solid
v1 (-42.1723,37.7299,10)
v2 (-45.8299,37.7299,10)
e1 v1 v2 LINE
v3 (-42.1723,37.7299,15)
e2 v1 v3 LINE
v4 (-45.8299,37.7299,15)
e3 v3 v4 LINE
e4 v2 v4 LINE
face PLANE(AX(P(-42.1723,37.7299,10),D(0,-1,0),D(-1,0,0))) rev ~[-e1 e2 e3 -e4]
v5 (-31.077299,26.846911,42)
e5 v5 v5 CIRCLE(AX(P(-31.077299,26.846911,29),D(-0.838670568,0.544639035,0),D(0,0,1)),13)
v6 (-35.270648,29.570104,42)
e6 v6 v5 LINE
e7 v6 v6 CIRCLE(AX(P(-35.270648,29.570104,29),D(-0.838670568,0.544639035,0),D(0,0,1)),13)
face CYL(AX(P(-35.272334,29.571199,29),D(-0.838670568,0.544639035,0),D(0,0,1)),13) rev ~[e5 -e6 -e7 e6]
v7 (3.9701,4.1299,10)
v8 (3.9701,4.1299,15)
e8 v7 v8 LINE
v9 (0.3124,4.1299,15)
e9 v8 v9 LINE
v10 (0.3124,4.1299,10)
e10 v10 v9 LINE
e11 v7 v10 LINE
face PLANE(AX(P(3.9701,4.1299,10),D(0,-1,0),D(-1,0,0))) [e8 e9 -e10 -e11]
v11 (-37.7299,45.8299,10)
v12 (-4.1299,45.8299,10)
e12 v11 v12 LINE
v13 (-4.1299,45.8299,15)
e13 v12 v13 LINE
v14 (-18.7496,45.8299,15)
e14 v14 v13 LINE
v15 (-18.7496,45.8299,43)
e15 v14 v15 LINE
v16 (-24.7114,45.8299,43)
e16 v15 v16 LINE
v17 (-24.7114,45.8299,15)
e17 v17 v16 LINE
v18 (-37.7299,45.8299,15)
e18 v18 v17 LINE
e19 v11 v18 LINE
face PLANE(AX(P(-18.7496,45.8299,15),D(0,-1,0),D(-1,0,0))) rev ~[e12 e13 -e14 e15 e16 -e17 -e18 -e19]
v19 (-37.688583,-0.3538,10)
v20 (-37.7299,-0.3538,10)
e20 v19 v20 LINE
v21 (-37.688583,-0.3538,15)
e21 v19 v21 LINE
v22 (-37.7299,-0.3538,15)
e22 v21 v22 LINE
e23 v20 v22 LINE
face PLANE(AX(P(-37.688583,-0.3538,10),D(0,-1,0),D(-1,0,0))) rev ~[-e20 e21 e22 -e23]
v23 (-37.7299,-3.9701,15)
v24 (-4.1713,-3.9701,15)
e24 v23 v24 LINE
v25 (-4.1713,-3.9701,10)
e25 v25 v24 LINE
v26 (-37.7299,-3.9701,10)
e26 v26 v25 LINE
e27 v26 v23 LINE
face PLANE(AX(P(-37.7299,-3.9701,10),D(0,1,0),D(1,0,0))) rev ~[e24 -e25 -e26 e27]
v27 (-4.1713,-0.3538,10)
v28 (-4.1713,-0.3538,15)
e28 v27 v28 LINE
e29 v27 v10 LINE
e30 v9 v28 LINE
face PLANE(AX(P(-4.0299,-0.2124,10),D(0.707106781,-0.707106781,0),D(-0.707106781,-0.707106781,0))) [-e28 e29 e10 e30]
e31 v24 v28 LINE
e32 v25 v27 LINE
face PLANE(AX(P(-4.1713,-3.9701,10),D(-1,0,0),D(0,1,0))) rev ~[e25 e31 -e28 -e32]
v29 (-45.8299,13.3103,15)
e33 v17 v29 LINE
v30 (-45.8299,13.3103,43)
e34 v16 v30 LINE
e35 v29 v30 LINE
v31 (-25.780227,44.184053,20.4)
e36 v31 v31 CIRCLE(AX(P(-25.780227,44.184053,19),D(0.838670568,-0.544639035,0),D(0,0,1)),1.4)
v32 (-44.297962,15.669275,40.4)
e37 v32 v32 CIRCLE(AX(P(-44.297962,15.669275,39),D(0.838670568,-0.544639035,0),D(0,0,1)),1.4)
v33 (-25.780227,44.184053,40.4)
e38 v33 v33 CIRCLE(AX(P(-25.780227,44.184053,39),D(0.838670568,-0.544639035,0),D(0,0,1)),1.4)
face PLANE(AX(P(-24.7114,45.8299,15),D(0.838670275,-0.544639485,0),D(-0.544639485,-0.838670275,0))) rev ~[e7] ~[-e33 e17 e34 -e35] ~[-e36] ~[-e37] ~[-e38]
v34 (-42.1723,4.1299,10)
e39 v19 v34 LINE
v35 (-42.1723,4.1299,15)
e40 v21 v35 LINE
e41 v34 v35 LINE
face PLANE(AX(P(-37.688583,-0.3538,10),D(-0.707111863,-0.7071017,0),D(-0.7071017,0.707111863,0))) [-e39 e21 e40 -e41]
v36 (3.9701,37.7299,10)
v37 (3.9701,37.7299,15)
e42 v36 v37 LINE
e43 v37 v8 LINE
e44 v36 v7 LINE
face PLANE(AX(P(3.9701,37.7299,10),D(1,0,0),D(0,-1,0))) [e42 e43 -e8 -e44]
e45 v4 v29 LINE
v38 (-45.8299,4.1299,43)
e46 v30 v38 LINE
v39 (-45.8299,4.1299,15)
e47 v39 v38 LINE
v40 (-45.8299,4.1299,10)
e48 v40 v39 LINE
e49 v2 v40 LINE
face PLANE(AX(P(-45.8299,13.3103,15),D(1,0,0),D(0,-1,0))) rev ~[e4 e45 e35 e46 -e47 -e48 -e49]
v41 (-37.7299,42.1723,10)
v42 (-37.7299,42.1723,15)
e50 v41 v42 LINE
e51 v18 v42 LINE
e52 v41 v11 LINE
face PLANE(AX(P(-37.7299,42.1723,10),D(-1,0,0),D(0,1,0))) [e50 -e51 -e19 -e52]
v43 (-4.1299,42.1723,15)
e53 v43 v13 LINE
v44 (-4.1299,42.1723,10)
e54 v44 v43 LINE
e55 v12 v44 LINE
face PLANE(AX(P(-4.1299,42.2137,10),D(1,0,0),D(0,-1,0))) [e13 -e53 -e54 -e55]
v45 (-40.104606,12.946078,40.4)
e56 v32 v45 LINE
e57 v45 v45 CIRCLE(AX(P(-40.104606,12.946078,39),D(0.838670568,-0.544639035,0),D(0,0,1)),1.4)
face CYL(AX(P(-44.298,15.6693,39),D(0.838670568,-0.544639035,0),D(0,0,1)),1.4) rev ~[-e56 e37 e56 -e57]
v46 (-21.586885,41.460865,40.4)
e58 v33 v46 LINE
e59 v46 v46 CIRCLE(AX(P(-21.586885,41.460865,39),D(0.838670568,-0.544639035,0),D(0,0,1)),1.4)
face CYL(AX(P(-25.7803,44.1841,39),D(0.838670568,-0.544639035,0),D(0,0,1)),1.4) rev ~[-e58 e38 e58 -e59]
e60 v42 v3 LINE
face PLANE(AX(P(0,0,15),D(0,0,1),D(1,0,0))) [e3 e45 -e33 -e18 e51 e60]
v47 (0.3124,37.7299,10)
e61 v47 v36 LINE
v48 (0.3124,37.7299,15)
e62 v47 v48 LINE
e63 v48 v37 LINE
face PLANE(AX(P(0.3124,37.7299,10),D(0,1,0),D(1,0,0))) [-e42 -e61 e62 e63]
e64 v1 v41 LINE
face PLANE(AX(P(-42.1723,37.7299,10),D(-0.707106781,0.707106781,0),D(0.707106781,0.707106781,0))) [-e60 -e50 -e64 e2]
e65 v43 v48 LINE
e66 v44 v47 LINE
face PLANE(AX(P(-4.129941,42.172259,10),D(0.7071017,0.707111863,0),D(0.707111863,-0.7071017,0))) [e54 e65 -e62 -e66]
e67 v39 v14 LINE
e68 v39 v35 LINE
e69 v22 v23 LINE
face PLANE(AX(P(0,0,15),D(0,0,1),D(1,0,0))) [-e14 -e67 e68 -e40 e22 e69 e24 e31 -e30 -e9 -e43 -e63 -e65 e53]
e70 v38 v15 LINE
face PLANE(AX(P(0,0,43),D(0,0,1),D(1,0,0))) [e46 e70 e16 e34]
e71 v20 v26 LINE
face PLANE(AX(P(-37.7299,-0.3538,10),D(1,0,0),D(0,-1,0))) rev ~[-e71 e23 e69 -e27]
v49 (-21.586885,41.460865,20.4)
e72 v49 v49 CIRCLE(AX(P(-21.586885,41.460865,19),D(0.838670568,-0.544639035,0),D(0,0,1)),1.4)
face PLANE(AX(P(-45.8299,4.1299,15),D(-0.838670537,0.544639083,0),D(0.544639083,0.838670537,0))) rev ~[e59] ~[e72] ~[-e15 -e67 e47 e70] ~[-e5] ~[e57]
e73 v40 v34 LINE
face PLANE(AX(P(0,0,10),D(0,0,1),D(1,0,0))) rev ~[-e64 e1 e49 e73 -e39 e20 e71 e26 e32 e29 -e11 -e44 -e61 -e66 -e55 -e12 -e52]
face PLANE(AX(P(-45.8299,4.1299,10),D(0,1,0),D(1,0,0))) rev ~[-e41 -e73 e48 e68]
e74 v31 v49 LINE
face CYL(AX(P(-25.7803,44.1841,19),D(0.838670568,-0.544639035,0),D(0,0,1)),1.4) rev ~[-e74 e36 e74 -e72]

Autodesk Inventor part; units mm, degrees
ref_plane "Work Plane1" through (0, 0, 10) normal (0, 0, 1) x (1, 0, 0)
sketch "Sketch1" plane through (0, 0, 10) normal (0, 0, 1) x (1, 0, 0)
  line L0 (-4.0299, -0.3538) -> (-2.2322, 1.4439) construction
  arc A0 (-1.4439, 2.2322) -> (-2.2322, 1.4439) centre (-0.9299, 0.9299) ccw construction
  line L1 (-1.4439, 2.2322) -> (0.3538, 4.0299) construction
  line L2 (-37.8299, 42.8299) -> (-37.8299, 37.8299) construction
  line L3 (-37.8299, 37.8299) -> (-42.9208, 37.8299) construction
  line L4 (-37.8299, 42.2137) -> (-37.8299, 45.8299) construction
  line L5 (-37.8299, 45.8299) -> (-4.0299, 45.8299) construction
  line L6 (-4.0299, 45.8299) -> (-4.0299, 42.2137) construction
  line L7 (-4.0299, 4.0299) -> (0.3538, 4.0299) projected
  circle A1 centre (-20.9299, 20.9299) radius 17.5 projected
  line L8 (-20.9299, 58.9723) -> (17.1124, 20.9299) construction
  line L9 (17.1124, 20.9299) -> (-20.9299, -17.1124) construction
  line L10 (-20.9299, -17.1124) -> (-58.9723, 20.9299) construction
  line L11 (-58.9723, 20.9299) -> (-20.9299, 58.9723) construction
  line L12 (-20.9299, 58.9723) -> (-20.9299, -17.1124) construction
  line L13 (17.1124, 20.9299) -> (-58.9723, 20.9299) construction
  line L14 (-20.9299, 58.9723) -> (32.8701, 58.9723) construction
  line L15 (-43.4299, 43.4299) -> (1.5701, 43.4299) construction
  line L16 (1.5701, 43.4299) -> (1.5701, -1.5701) construction
  line L17 (1.5701, -1.5701) -> (-43.4299, -1.5701) construction
  line L18 (-43.4299, -1.5701) -> (-43.4299, 43.4299) construction
  line L19 (-43.4299, 43.4299) -> (1.5701, -1.5701) construction
  line L20 (1.5701, 43.4299) -> (-43.4299, -1.5701) construction
  line L21 (-43.4299, 5.3876) -> (-43.4299, 36.4723)
  line L22 (-43.4299, 36.4723) -> (-36.4723, 43.4299)
  line L23 (-36.4723, 43.4299) -> (-5.3876, 43.4299)
  line L24 (-5.3876, 43.4299) -> (1.5701, 36.4723)
  line L25 (1.5701, 36.4723) -> (1.5701, 5.3876)
  line L26 (1.5701, 5.3876) -> (-5.3876, -1.5701)
  line L27 (-5.3876, -1.5701) -> (-36.4723, -1.5701)
  line L28 (-36.4723, -1.5701) -> (-43.4299, 5.3876)
  line L29 (-4.0299, 42.2137) -> (-37.8299, 42.2137) projected
  line L30 (-4.0299, -0.3538) -> (-4.0299, 4.0299) projected
  circle A2 centre (-20.9299, 20.9299) radius 1.4
  line L31 (-10.9299, 10.9299) -> (-30.9299, 10.9299) construction
  line L32 (-30.9299, 10.9299) -> (-30.9299, 30.9299) construction
  line L33 (-30.9299, 30.9299) -> (-10.9299, 30.9299) construction
  line L34 (-10.9299, 30.9299) -> (-10.9299, 10.9299) construction
  line L35 (-10.9299, 10.9299) -> (-30.9299, 30.9299) construction
  line L36 (-30.9299, 10.9299) -> (-10.9299, 30.9299) construction
  circle A3 centre (-30.9299, 30.9299) radius 1.4
  circle A4 centre (-30.9299, 10.9299) radius 1.4
  circle A5 centre (-10.9299, 10.9299) radius 1.4
  line L37 (-45.8299, 37.8299) -> (-42.0723, 37.8299) construction
  line L38 (-42.1723, 37.7299) -> (-45.8299, 37.7299)
  line L39 (-45.8299, 37.7299) -> (-45.8299, 4.1299)
  line L40 (-45.8299, 4.1299) -> (-42.1723, 4.1299)
  line L41 (-42.1723, 4.1299) -> (-42.1723, 37.7299)
  line L42 (-45.8299, 4.0299) -> (-42.0723, 4.0299) construction
  line L43 (-45.8299, 37.8299) -> (-42.0723, 37.8299) projected
  line L44 (-37.7299, 45.8299) -> (-4.1299, 45.8299)
  line L45 (-4.1299, 45.8299) -> (-4.1299, 42.1723)
  line L46 (-4.1299, 42.1723) -> (-37.7299, 42.1723)
  line L47 (-37.7299, 42.1723) -> (-37.7299, 45.8299)
  line L48 (0.4701, 37.8299) -> (0.4701, 4.0299) construction
  line L49 (0.4701, 4.0299) -> (3.9701, 4.0299) construction
  line L50 (3.9701, 37.8299) -> (3.9701, 4.0299) construction
  line L51 (0.4701, 37.8299) -> (3.9701, 37.8299) construction
  line L52 (-45.8299, -3.9701) -> (-4.0299, -3.9701) construction
  line L53 (0.3124, 37.7299) -> (3.9701, 37.7299)
  line L54 (3.9701, 37.7299) -> (3.9701, 4.1299)
  line L55 (3.9701, 4.1299) -> (0.3124, 4.1299)
  line L56 (0.3124, 4.1299) -> (0.3124, 37.7299)
  line L57 (-4.1713, -0.3538) -> (-37.7299, -0.3538)
  line L58 (-37.7299, -0.3538) -> (-37.7299, -3.9701)
  line L59 (-37.7299, -3.9701) -> (-4.1713, -3.9701)
  line L60 (-4.1713, -3.9701) -> (-4.1713, -0.3538)
  point P0 (-37.8299, 4.0299)
  dimension "d18" = 53.8
  dimension "d19" = 45
  dimension "d20" = 53.8
  dimension "d21" = 45
  dimension "d22" = 45
  dimension "d30" = 20
  dimension "d31" = 20
  dimension "d32" = 2.8
  dimension "d33" = 2.8
  dimension "d34" = 2.8
  dimension "d35" = 2.8
  dimension "d36" = 0.1
  dimension "d37" = 0.1
  dimension "d38" = 0.1
  dimension "d39" = 0.1
extrude "Extrusion1" add sketch "Sketch1" along normal blind 5 contours L30 L26 L57 L28 L41 L22 L46 L24 L56 L7 | L7 L26 L30 | L56 L24 L25 L26 | L26 L25 L24 L53 L54 L55 | L60 L59 L58 L57 L28 L27 L26 | L26 L27 L28 L57 | L46 L22 L29 L24 | L24 L29 L45 | L40 L39 L38 L22 L21 L28 | L28 L21 L22 L41 | L29 L22 L23 L24 | L24 L23 L22 L29 L47 L44 L45 | L47 L29 L22 | A1 | A2 | A3 | A4 | A5
sketch "Sketch4" plane through (0, 0, 15) normal (0, 0, 1) x (1, 0, 0)
  line L0 (-37.7299, 42.1723) -> (-42.1723, 37.7299) projected
  line L1 (-42.1723, 37.7299) -> (-45.8299, 37.7299) projected
  line L2 (-45.8299, 37.7299) -> (-45.8299, 4.1299) projected
  line L3 (-45.8299, 4.1299) -> (-42.1723, 4.1299) projected
  line L4 (-42.1723, 4.1299) -> (-37.6885, -0.3538) projected
  line L5 (-37.6885, -0.3538) -> (-37.7299, -0.3538) projected
  line L6 (-37.7299, -0.3538) -> (-37.7299, -3.9701) projected
  line L7 (-37.7299, -3.9701) -> (-4.1713, -3.9701) projected
  line L8 (-4.1713, -3.9701) -> (-4.1713, -0.3538) projected
  line L9 (-4.1713, -0.3538) -> (0.3124, 4.1299) projected
  line L10 (0.3124, 4.1299) -> (3.9701, 4.1299) projected
  line L11 (3.9701, 4.1299) -> (3.9701, 37.7299) projected
  line L12 (3.9701, 37.7299) -> (0.3124, 37.7299) projected
  line L13 (0.3124, 37.7299) -> (-4.1299, 42.1723) projected
  line L14 (-4.1299, 42.1723) -> (-4.1299, 45.8299) projected
  line L15 (-4.1299, 45.8299) -> (-37.7299, 45.8299) projected
  line L16 (-37.7299, 45.8299) -> (-37.7299, 42.1723) projected
  line L17 (-45.8299, 37.7299) -> (-45.8299, 4.1299) projected
  line L18 (-45.8299, 4.1299) -> (-18.7496, 45.8299)
  line L19 (-45.8299, 4.1299) -> (3.8916, 4.1299) construction
  line L20 (-18.7496, 45.8299) -> (-24.7114, 45.8299)
  line L21 (-4.1299, 45.8299) -> (-37.7299, 45.8299) projected
  line L22 (-24.7114, 45.8299) -> (-45.8299, 13.3103)
  line L23 (-45.8299, 4.1299) -> (-45.8299, 13.3103)
  circle A0 centre (-40.9299, 0.9299) radius 1.1933 projected
  circle A1 centre (-0.9299, 40.9299) radius 1.4 projected
  line L24 (-40.9299, 0.9299) -> (-0.9299, 40.9299)
  line L25 (0.3124, 37.7299) -> (-4.1299, 42.1723) projected
  point P0 (0, 0)
  dimension "d40" = 57
  dimension "d59" = 5
extrude "Extrusion4" add sketch "Sketch4" along normal blind 28 contours L15 L18 L2 L22
sketch "Sketch5" plane through (-45.8299, 13.3103, 15) normal (-0.8387, 0.5446, 0) x (-0.5446, -0.8387, 0)
  line L0 (0, 0) -> (-38.7752, 0) projected
  line L1 (0, 0) -> (0, 28) projected
  line L2 (-38.7752, 28) -> (0, 28) projected
  line L3 (-38.7752, 0) -> (-38.7752, 28) projected
  circle A0 centre (-19.3876, 8.6124) radius 19.3876
  line L4 (-2.8127, 24) -> (-36.8127, 24) construction
  line L5 (-36.8127, 24) -> (-36.8127, 4) construction
  line L6 (-36.8127, 4) -> (-2.8127, 4) construction
  line L7 (-2.8127, 4) -> (-2.8127, 24) construction
  line L8 (-2.8127, 24) -> (-36.8127, 4) construction
  line L9 (-36.8127, 24) -> (-2.8127, 4) construction
  point P0 (-13.7978, -15)
  point P1 (-19.8127, 14)
  dimension "d44" = 34
  dimension "d45" = 20
hole "Hole1" at (-25.7803, 44.1841, 39) at (-25.7803, 44.1841, 19) at (-44.298, 15.6693, 39) at (-35.0391, 29.9267, 29) direction (0.8387, -0.5446, 0) diameter 2.8 depth 12
ref_plane "Work Plane3" through (3.9701, 45.8299, 26) normal (1, 0, 0) x (0, -1, 0)
ref_plane "Work Plane4" through (-34.8055, 8.3289, 16.6138) normal (0.7071, -0.7071, 0) x (0.7071, 0.7071, 0)
sketch "Sketch9" plane through (-45.8299, 13.3103, 15) normal (-0.8387, 0.5446, 0) x (0, 0, 1)
  line L0 (28, 38.7752) -> (28, 0) projected
  line L1 (0, 17.4316) -> (0, 19.4237) projected
  line L2 (28, 19.3876) -> (0, 19.3876) construction
  line L3 (0, 0) -> (0, 38.7752) projected
  line L4 (0, 0) -> (28, 0) projected
  line L5 (0, 38.7752) -> (28, 38.7752) projected
  line L6 (14, 38.7752) -> (14, 0) construction
  circle A0 centre (14, 19.3876) radius 13
  point P0 (-15, 13.7978)
  dimension "d60" = 26
extrude "Extrusion7" cut sketch "Sketch9" against normal up to surface (5 mm away) contours A0
properties part number "20_POL_cube_insert_Brewster_Angle_Kinematic_Mount_base_57_degrees"
